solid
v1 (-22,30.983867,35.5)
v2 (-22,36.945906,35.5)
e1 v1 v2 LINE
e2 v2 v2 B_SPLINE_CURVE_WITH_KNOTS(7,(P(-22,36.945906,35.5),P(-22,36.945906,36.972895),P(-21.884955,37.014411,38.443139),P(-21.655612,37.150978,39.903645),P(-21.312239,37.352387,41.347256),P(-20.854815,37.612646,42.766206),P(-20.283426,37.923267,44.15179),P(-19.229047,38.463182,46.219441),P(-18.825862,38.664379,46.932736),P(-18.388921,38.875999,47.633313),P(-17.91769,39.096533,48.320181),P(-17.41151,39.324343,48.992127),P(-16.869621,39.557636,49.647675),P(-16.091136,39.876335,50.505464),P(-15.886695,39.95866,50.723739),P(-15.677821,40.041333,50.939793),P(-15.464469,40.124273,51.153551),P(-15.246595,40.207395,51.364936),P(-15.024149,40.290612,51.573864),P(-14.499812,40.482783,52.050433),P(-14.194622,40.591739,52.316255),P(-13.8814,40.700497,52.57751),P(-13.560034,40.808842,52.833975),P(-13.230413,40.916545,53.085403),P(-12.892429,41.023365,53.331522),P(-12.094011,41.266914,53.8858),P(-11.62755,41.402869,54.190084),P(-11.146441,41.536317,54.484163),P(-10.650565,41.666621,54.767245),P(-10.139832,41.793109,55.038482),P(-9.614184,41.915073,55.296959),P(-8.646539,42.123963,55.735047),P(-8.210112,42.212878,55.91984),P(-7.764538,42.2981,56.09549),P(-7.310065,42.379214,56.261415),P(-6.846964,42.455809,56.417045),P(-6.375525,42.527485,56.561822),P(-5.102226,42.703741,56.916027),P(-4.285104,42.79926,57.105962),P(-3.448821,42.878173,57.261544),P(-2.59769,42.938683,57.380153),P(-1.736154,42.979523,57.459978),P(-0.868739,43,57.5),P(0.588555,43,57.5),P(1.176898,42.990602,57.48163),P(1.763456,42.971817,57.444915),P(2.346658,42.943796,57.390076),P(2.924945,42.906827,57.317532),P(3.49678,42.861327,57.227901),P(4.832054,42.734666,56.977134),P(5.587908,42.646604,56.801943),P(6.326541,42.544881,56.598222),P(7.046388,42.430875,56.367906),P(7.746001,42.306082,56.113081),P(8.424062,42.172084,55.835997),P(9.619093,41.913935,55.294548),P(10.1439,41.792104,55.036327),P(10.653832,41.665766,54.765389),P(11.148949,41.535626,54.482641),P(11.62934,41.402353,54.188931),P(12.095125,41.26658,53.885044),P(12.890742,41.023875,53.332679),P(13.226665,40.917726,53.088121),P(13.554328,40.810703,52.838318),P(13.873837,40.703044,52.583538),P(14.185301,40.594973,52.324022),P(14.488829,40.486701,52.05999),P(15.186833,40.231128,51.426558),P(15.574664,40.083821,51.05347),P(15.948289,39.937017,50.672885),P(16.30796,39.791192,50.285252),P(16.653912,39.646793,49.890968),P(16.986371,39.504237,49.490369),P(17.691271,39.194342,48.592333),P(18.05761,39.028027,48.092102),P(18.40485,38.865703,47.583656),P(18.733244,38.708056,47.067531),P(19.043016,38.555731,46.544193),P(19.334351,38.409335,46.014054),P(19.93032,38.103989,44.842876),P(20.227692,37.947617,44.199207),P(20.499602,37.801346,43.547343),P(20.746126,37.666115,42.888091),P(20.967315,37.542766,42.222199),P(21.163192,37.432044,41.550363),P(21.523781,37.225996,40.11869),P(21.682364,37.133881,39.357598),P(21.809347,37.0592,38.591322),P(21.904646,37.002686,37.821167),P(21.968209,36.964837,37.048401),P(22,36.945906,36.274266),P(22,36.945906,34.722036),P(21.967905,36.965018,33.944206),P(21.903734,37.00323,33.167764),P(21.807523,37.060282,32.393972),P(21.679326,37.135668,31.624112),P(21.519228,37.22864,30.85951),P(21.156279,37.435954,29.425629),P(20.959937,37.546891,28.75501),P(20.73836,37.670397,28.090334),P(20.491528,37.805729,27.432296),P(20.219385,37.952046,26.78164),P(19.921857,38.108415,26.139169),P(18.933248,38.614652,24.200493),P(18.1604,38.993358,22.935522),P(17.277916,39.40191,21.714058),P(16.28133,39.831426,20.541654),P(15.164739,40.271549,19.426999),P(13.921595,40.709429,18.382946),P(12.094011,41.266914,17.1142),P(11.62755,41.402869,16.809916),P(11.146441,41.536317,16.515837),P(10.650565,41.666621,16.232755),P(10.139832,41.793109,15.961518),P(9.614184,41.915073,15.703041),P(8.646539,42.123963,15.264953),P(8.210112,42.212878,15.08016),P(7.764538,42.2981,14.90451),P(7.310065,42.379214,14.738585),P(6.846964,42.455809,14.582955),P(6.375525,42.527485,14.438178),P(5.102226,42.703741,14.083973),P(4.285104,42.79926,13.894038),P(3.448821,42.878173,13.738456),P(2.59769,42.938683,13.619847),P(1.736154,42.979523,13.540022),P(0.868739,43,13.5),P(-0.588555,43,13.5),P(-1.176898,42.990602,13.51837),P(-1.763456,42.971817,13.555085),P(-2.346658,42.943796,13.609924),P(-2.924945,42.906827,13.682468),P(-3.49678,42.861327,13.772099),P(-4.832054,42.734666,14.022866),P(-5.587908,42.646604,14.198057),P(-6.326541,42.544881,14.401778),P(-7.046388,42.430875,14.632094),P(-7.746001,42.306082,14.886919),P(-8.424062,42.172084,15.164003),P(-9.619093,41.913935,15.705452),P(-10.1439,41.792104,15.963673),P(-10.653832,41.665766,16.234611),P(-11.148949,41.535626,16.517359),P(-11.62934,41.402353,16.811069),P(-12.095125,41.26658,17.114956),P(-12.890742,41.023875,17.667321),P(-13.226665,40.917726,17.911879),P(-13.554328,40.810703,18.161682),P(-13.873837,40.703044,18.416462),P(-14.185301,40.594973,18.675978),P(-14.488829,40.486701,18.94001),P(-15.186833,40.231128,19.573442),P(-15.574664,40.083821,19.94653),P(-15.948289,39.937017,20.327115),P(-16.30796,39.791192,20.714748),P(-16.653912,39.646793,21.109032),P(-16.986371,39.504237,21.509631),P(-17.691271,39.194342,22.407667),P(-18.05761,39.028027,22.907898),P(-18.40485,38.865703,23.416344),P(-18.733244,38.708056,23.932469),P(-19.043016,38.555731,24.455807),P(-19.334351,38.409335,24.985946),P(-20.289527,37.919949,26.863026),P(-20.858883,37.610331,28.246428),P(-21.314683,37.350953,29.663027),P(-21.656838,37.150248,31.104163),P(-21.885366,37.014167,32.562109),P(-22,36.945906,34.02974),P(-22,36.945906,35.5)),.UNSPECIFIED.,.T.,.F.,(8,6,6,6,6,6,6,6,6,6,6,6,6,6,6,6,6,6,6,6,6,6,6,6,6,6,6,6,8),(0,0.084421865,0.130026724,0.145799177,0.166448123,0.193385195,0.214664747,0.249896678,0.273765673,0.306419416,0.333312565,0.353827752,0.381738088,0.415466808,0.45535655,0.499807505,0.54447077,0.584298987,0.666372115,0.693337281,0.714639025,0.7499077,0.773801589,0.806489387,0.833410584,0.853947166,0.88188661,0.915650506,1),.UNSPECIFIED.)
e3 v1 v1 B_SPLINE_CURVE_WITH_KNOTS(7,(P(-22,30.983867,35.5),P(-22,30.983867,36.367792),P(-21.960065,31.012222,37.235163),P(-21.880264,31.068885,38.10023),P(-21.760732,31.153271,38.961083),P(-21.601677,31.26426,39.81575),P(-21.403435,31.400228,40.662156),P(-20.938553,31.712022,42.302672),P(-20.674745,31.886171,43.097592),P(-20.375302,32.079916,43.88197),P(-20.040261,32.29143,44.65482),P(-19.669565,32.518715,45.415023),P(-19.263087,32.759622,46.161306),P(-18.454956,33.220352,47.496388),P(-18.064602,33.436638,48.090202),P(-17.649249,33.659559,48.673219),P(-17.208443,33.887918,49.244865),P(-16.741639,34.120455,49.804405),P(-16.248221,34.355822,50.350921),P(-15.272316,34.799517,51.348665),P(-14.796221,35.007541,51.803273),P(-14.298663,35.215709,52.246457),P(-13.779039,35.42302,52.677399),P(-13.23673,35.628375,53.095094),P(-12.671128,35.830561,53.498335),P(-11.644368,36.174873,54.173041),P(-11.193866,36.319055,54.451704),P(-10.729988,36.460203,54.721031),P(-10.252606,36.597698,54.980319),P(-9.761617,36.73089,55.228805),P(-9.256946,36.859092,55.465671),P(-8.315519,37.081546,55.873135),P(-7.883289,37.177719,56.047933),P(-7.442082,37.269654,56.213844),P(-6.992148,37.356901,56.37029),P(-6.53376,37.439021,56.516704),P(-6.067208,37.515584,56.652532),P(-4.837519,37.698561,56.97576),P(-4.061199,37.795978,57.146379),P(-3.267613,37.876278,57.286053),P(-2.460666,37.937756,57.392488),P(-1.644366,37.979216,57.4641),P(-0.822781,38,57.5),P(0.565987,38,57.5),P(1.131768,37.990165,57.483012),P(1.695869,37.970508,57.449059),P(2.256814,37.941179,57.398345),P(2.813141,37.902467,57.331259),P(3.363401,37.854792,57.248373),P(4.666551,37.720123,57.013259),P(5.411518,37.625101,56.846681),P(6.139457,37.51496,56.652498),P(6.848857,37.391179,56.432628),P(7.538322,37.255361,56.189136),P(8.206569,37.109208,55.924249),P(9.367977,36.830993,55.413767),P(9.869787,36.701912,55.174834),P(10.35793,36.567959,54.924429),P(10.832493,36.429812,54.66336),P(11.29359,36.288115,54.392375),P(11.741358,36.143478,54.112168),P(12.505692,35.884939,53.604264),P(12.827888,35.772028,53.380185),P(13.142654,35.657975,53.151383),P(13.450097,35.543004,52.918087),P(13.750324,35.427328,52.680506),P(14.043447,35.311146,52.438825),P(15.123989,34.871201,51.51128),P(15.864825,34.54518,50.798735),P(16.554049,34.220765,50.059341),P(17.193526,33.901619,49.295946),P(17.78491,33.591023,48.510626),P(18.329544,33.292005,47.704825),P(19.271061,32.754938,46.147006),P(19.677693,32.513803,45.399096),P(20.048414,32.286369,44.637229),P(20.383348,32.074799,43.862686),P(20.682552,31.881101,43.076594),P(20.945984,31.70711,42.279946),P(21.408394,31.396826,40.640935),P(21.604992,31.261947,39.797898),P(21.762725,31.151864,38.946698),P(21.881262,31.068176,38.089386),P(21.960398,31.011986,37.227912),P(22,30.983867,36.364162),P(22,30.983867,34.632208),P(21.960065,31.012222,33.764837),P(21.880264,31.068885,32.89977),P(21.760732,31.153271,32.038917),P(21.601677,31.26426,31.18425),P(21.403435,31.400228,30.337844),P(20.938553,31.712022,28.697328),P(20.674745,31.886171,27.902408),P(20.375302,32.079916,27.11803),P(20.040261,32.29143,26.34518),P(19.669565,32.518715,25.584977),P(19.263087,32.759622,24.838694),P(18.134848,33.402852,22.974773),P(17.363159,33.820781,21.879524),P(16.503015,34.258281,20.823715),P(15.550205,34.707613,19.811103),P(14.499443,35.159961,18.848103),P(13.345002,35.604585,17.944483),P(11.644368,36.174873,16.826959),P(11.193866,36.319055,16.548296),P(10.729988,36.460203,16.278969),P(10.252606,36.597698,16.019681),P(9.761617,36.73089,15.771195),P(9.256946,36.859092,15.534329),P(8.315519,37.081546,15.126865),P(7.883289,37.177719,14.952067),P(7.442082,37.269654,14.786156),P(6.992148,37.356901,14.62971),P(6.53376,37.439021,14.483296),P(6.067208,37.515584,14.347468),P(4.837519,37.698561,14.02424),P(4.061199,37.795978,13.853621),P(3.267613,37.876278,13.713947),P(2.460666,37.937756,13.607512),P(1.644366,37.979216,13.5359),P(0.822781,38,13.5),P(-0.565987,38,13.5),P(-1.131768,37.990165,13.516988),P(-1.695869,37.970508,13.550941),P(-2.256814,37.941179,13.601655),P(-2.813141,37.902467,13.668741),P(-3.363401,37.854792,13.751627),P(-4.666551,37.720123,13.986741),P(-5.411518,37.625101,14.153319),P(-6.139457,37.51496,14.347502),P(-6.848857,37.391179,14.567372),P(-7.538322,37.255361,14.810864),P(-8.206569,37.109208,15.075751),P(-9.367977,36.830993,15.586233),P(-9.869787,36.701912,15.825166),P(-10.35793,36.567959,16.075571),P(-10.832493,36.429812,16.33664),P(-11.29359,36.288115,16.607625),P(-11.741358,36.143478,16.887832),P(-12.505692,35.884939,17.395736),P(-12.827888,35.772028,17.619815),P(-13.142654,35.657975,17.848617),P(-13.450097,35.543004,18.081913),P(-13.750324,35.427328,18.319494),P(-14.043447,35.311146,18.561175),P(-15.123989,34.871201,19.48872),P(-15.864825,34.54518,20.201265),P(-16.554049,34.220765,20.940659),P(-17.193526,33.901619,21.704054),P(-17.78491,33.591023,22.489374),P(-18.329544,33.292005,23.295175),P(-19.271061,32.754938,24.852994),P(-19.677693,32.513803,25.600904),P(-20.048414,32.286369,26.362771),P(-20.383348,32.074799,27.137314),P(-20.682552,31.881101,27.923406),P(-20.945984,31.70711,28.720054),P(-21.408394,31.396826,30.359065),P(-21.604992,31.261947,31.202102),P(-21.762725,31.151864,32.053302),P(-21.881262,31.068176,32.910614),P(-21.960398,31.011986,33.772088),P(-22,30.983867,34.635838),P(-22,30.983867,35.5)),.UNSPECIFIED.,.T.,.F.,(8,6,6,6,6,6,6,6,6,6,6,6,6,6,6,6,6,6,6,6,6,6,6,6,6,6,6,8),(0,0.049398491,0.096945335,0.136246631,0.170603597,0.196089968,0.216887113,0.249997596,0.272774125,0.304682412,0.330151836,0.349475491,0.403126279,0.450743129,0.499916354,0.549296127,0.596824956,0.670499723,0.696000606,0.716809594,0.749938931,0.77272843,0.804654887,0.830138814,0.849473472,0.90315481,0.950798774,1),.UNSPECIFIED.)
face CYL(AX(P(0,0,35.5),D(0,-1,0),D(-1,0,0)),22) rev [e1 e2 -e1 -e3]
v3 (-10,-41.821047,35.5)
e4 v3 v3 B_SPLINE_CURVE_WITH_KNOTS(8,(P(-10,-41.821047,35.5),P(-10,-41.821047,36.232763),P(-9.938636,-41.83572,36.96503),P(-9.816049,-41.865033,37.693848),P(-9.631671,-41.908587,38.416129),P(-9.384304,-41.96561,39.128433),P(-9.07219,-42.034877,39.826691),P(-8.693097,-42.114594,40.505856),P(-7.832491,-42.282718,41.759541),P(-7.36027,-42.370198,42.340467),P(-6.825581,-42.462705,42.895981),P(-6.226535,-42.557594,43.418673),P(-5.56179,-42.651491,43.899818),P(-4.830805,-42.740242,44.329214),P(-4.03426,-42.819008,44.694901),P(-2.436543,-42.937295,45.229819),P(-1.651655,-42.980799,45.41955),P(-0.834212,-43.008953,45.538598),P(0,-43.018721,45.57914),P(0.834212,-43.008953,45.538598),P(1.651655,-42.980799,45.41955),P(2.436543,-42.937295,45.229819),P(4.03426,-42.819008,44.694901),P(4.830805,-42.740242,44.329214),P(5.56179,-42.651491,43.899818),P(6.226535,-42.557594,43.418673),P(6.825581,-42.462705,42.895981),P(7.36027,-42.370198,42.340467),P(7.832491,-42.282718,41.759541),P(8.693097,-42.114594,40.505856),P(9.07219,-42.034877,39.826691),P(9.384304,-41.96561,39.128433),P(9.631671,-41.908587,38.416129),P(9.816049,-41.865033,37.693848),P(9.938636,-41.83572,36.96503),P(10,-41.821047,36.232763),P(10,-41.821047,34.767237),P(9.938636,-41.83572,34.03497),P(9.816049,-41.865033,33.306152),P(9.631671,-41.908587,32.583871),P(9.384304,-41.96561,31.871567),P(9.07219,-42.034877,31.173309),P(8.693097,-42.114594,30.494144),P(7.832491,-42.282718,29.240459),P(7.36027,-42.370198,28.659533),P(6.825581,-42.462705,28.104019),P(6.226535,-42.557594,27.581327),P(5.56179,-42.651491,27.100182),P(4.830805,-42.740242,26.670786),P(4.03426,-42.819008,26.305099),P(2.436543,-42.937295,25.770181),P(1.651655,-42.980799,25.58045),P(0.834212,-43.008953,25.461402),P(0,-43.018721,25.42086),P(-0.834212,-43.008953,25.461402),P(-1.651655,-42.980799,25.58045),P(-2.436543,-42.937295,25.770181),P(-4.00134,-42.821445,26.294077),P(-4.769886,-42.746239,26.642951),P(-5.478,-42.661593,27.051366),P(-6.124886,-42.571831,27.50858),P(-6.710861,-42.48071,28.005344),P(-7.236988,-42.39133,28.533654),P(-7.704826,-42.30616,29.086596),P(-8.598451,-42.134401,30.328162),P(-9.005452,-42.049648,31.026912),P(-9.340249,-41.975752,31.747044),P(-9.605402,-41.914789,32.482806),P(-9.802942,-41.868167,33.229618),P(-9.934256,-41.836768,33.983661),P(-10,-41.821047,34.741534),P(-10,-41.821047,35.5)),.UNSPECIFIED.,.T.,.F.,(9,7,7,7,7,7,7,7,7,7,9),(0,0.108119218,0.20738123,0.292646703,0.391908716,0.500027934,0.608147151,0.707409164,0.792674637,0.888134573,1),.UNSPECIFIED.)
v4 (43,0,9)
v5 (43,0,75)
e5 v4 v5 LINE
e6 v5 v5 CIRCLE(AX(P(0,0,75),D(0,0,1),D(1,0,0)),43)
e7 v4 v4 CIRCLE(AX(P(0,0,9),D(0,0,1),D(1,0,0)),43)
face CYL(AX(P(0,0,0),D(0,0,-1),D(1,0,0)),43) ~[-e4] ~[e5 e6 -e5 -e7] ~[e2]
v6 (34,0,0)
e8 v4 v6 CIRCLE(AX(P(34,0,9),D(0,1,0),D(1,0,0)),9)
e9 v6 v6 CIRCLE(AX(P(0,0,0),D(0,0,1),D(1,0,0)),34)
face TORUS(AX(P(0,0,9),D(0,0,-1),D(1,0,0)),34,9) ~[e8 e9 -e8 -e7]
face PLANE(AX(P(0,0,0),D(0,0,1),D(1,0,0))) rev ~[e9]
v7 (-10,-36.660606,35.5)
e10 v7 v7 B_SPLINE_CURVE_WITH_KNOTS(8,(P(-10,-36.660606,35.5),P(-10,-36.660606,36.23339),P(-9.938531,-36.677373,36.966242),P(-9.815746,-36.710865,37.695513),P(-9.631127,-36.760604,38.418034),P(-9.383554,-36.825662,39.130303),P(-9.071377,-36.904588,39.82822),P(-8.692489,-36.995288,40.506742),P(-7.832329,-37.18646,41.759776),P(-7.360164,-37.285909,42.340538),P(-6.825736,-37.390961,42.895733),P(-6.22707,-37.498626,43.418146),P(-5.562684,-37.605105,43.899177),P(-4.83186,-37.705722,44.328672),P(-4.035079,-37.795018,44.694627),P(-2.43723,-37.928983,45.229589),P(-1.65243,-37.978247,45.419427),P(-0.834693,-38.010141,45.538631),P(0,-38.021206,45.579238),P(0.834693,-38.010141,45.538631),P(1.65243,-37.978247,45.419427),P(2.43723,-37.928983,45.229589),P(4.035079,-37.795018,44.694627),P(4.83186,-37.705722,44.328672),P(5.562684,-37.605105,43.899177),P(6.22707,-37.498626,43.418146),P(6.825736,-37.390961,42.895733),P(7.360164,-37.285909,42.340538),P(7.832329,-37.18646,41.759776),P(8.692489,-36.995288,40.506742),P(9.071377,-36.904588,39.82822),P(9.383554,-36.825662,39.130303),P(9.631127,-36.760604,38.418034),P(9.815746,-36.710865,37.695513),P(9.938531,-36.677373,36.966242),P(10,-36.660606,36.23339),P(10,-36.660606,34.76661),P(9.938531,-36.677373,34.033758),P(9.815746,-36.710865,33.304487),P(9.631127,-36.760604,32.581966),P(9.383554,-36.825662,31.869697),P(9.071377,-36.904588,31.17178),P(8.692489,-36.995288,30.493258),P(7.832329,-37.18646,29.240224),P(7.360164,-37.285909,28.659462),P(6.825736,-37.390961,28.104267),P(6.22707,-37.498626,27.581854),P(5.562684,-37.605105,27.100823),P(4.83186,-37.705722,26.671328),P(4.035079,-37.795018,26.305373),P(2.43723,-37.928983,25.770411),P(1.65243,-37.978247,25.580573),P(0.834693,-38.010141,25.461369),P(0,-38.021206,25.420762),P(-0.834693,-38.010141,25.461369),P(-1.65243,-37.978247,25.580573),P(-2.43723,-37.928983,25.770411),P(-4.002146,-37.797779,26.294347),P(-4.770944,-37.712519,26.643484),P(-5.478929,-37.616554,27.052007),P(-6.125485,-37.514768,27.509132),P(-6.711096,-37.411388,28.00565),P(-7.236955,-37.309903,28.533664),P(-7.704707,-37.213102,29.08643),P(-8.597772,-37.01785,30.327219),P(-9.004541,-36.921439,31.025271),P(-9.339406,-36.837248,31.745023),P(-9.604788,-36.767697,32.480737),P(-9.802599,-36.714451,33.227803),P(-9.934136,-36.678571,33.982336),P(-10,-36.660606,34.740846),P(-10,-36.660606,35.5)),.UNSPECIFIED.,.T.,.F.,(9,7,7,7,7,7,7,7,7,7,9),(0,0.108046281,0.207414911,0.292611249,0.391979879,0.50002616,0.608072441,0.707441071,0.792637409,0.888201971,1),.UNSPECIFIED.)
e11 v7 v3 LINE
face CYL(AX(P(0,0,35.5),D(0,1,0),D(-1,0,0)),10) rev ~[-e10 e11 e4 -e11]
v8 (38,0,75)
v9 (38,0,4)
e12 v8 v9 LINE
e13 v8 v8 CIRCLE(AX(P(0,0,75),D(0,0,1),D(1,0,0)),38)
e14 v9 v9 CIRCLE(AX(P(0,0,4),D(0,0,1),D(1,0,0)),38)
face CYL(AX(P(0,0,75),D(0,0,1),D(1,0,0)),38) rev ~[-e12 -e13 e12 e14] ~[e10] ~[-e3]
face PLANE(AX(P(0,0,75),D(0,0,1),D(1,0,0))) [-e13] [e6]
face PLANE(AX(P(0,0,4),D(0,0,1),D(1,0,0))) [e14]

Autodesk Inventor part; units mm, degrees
ref_plane "XY Plane" through (0, 0, 0) normal (0, 0, 1) x (1, 0, 0)
sketch "Sketch1" plane through (0, 0, 0) normal (0, 0, 1) x (1, 0, 0)
  circle A0 centre (0, 0) radius 43
extrude "Extrusion1" add sketch "Sketch1" along normal blind 75
sketch "Sketch2" plane through (0, 0, 75) normal (0, 0, 1) x (1, 0, 0)
  circle A0 centre (0, 0) radius 38
  dimension "d4" = 76
extrude "Extrusion2" cut sketch "Sketch2" against normal blind 71
fillet "Fillet1" radius 9 1 edges at (-43, 0, 0)
sketch "Sketch3" plane through (0, 0, 0) normal (0, 1, 0) x (-1, 0, 0)
  circle A0 centre (0, 35.5) radius 10
  point P0 (0, 0)
  dimension "d8" = 20
  dimension "d11" = 35.5
extrude "Extrusion3" cut sketch "Sketch3" against normal through all
sketch "Sketch6" plane through (0, 0, 0) normal (0, 1, 0) x (-1, 0, 0)
  circle A0 centre (0, 35.5) radius 22
  line L0 (34, 0) -> (-34, 0) projected
  point P0 (0, 0)
  dimension "d12" = 44
  dimension "d13" = 35.5
extrude "Extrusion4" cut sketch "Sketch6" along normal up to next
properties part number "Cap"
